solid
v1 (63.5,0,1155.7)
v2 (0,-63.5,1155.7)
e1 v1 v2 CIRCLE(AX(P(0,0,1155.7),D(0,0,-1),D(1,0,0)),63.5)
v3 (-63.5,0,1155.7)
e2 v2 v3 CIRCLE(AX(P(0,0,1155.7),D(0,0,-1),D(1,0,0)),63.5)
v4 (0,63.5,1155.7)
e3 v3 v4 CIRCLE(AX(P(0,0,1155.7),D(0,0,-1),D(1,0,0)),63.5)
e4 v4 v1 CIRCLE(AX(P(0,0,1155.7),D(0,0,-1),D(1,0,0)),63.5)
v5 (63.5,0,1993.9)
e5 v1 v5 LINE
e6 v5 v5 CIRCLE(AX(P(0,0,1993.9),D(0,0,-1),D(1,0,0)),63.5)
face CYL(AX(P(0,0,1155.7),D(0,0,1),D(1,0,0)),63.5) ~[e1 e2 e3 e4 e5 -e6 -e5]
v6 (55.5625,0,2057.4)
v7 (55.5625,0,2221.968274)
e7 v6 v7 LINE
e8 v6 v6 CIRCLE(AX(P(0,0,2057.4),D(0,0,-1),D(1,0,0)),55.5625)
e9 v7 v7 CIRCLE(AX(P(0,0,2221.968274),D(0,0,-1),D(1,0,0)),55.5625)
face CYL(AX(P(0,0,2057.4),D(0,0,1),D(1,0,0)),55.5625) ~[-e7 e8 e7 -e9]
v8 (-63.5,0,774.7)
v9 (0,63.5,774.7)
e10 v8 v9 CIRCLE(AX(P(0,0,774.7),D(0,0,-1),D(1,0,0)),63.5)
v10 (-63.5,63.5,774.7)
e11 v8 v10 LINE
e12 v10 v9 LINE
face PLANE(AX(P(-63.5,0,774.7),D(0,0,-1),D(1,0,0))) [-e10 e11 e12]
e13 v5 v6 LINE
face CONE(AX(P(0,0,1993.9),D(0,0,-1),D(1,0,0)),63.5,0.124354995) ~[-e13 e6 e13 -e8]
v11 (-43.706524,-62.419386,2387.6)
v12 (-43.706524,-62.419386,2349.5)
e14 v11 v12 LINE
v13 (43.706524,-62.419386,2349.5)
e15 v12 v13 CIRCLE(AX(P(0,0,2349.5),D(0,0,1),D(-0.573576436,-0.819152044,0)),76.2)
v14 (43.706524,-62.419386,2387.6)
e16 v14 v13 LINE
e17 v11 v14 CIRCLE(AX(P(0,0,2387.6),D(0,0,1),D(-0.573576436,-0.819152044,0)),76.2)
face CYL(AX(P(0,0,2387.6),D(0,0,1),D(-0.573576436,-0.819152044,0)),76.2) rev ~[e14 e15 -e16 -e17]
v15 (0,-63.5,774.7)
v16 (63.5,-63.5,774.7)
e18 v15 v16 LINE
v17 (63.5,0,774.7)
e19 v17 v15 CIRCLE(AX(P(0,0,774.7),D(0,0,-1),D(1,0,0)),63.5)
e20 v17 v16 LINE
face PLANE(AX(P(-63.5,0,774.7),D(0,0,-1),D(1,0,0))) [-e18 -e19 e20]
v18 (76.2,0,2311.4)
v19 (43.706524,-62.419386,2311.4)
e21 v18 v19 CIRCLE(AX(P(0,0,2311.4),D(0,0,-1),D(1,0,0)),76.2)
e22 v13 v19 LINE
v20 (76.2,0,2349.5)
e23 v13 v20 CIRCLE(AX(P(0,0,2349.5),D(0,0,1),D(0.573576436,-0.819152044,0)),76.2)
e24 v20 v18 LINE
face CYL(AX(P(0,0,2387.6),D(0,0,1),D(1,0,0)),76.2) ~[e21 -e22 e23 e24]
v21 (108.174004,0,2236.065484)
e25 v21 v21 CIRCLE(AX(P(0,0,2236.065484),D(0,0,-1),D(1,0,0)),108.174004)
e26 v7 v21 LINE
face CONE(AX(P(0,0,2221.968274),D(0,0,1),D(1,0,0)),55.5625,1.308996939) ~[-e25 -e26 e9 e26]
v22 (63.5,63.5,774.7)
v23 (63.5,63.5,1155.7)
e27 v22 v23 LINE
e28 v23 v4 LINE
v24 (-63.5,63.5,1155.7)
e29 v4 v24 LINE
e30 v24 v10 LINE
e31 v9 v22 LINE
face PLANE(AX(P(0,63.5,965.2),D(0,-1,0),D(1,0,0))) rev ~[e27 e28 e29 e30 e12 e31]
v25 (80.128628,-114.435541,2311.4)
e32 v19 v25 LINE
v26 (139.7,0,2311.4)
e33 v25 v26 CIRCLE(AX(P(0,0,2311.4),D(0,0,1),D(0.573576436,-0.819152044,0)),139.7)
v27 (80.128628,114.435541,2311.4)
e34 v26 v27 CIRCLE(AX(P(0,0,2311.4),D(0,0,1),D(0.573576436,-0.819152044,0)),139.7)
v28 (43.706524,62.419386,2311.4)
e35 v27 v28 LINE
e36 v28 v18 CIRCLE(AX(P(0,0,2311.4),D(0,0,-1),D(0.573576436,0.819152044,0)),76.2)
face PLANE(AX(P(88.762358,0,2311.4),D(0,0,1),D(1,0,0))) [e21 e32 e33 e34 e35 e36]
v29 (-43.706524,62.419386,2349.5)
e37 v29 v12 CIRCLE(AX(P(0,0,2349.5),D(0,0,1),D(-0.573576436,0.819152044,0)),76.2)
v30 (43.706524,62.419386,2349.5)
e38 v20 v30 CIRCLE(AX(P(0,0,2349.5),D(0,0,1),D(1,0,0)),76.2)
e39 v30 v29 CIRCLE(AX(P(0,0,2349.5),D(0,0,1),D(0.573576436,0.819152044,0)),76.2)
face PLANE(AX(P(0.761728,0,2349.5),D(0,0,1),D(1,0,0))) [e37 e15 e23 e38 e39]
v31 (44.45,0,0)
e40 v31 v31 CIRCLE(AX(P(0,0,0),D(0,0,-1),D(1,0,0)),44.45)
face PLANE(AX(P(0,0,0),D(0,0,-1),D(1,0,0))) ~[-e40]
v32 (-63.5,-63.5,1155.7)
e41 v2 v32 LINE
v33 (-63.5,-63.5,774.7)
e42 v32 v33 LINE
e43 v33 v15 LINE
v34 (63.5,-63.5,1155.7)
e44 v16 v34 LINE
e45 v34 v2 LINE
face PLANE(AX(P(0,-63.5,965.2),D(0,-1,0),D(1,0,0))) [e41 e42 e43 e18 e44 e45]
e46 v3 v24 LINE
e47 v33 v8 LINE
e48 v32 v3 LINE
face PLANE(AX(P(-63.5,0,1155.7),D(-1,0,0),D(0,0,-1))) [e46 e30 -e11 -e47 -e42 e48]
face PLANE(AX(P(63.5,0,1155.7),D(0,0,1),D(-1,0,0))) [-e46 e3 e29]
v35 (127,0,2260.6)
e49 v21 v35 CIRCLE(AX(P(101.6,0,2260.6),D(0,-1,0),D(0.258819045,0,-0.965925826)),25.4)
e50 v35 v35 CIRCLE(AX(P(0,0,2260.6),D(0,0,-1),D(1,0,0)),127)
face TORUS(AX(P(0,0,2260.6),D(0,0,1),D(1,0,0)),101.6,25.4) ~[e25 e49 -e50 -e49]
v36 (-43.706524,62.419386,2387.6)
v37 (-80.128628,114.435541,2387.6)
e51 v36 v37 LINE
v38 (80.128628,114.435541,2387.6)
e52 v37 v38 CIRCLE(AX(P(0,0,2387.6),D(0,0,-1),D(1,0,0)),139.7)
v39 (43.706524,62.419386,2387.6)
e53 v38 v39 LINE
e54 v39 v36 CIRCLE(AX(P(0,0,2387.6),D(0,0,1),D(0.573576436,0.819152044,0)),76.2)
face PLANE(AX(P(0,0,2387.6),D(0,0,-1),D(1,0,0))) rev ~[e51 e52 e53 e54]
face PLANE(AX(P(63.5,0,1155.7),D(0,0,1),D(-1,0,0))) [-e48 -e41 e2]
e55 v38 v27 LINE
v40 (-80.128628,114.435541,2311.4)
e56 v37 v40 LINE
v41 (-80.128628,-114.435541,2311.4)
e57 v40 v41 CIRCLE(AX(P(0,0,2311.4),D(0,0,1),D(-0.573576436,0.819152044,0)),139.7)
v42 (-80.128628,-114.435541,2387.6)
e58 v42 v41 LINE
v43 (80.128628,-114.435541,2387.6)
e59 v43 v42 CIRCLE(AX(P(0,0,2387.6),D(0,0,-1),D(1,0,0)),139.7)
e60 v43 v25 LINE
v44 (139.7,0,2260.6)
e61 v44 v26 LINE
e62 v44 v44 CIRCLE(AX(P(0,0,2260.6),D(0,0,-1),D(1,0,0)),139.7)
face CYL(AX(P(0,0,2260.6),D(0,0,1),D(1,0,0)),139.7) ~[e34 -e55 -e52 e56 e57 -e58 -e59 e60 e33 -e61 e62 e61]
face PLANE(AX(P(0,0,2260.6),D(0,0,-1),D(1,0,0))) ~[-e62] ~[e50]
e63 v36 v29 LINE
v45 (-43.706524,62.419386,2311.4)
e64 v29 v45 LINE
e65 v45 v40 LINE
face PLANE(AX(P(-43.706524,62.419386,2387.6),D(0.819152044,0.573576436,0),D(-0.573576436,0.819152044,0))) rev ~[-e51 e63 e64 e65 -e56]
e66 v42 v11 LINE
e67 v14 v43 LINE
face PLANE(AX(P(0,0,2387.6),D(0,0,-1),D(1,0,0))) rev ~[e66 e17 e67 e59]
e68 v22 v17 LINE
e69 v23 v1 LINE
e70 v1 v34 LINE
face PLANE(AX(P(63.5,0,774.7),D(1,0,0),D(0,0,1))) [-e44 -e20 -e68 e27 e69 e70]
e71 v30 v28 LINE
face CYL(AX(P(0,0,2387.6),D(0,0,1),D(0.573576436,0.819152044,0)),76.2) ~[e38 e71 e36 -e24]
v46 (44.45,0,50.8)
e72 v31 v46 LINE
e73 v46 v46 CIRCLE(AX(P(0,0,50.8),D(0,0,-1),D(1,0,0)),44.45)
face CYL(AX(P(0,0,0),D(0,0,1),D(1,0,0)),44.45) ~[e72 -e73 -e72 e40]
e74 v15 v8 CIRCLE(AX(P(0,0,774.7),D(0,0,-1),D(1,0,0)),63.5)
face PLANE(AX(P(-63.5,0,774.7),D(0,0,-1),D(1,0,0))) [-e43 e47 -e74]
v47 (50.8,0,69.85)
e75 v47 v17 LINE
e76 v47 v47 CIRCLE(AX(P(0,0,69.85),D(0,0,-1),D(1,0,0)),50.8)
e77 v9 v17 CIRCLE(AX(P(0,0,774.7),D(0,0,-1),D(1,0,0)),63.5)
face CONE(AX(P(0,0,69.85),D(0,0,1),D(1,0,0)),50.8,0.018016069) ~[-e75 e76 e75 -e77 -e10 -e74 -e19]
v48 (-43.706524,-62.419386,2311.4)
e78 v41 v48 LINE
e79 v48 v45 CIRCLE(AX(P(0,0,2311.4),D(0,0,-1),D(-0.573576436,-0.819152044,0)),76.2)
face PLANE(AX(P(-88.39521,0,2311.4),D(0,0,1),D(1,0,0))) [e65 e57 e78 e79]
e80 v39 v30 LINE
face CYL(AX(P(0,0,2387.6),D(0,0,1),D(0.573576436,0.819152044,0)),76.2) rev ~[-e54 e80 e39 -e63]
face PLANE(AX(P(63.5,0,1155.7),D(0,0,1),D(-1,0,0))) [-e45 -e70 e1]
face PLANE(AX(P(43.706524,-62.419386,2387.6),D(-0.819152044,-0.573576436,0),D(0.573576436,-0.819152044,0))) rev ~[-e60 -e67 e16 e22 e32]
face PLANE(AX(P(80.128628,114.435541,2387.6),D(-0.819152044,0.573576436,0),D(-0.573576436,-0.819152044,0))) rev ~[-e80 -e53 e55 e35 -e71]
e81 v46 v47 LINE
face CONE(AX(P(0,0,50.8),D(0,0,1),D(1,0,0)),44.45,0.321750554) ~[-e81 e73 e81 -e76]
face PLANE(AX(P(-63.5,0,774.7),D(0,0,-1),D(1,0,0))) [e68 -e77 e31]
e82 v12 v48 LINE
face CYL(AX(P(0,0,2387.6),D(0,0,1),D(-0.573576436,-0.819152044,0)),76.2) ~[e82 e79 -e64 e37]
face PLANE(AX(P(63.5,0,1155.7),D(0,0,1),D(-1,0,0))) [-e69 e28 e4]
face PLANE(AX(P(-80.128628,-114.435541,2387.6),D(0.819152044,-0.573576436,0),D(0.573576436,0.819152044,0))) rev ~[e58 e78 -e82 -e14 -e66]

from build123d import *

# Parameters (mm, degrees)
F2_DEPTH = 63.5
F4_DEPTH = 38.1
F5_DEPTH = 76.2


with BuildPart() as f1:
    # F0 (on Front) → F1 (revolve)
    with BuildSketch(Plane.XZ):
        with BuildLine():
            Line((0, 1155.7), (63.5, 1155.7))
            Line((63.5, 1155.7), (63.5, 1993.9))
            Line((63.5, 1993.9), (55.5625, 2057.4))
            Line((55.5625, 2057.4), (55.5625, 2221.968274071))
            Line((55.5625, 2221.968274071), (108.1740037456, 2236.0654840123))
            ThreePointArc((108.1740037456, 2236.0654840123), (121.7511748434, 2245.1374597032), (127, 2260.6))
            Line((127, 2260.6), (139.7, 2260.6))
            Line((139.7, 2260.6), (139.7, 2387.6))
            Line((139.7, 2387.6), (0, 2387.6))
            Line((0, 2387.6), (0, 1155.7))
        make_face()
    revolve(axis=Axis((0, 0, 1771.65), (0, 0, -1)))



with BuildPart() as f1b:
    # F0 (on Front) → F1, piece 2 (revolve)
    with BuildSketch(Plane.XZ):
        Polygon((0, 774.7), (0, 0), (44.45, 0), (44.45, 50.8), (50.8, 69.85), (63.5, 774.7), align=None)
    revolve(axis=Axis((0, 0, 1771.65), (0, 0, -1)))


with BuildPart() as f1_1:
    add(f1.part)

    add(f1b.part)  # F2 merges F1b
    # F0 (on Front) → F2 (join, symmetric)
    with BuildSketch(Plane.XZ):
        Polygon((-63.5, 774.7), (0, 774.7), (63.5, 774.7), (63.5, 1155.7), (0, 1155.7), (-63.5, 1155.7), align=None)
    extrude(amount=F2_DEPTH, both=True)

    # F3 (on face) → F4 (cut)
    with BuildSketch(Plane.XY.offset(2387.6)):
        with BuildLine():
            ThreePointArc((43.7065244499, -62.4193857748), (67.5902254882, -35.1852443285), (76.2, 0))
            ThreePointArc((76.2, 0), (67.5902254882, 35.1852443285), (43.7065244499, 62.4193857748))
            ThreePointArc((43.7065244499, 62.4193857748), (0, 76.2), (-43.7065244499, 62.4193857748))
            ThreePointArc((-43.7065244499, 62.4193857748), (-76.2, 0), (-43.7065244499, -62.4193857748))
            ThreePointArc((-43.7065244499, -62.4193857748), (0, -76.2), (43.7065244499, -62.4193857748))
        make_face()
    extrude(amount=-F4_DEPTH, mode=Mode.SUBTRACT)

    # F3 (on face) → F5 (cut)
    with BuildSketch(Plane.XY.offset(2387.6)):
        with BuildLine():
            ThreePointArc((-43.7065244499, -62.4193857748), (-76.2, 0), (-43.7065244499, 62.4193857748))
            Line((-43.7065244499, 62.4193857748), (-80.1286281582, 114.4355405872))
            ThreePointArc((-80.1286281582, 114.4355405872), (-139.7, 0), (-80.1286281582, -114.4355405872))
            Line((-80.1286281582, -114.4355405872), (-43.7065244499, -62.4193857748))
        make_face()
        with BuildLine():
            ThreePointArc((43.7065244499, 62.4193857748), (67.5902254882, 35.1852443285), (76.2, 0))
            ThreePointArc((76.2, 0), (67.5902254882, -35.1852443285), (43.7065244499, -62.4193857748))
            Line((43.7065244499, -62.4193857748), (80.1286281582, -114.4355405872))
            ThreePointArc((80.1286281582, -114.4355405872), (123.915413395, -64.5062812689), (139.7, 0))
            ThreePointArc((139.7, 0), (123.915413395, 64.5062812689), (80.1286281582, 114.4355405872))
            Line((80.1286281582, 114.4355405872), (43.7065244499, 62.4193857748))
        make_face()
    extrude(amount=-F5_DEPTH, mode=Mode.SUBTRACT)


solid = f1_1.part
